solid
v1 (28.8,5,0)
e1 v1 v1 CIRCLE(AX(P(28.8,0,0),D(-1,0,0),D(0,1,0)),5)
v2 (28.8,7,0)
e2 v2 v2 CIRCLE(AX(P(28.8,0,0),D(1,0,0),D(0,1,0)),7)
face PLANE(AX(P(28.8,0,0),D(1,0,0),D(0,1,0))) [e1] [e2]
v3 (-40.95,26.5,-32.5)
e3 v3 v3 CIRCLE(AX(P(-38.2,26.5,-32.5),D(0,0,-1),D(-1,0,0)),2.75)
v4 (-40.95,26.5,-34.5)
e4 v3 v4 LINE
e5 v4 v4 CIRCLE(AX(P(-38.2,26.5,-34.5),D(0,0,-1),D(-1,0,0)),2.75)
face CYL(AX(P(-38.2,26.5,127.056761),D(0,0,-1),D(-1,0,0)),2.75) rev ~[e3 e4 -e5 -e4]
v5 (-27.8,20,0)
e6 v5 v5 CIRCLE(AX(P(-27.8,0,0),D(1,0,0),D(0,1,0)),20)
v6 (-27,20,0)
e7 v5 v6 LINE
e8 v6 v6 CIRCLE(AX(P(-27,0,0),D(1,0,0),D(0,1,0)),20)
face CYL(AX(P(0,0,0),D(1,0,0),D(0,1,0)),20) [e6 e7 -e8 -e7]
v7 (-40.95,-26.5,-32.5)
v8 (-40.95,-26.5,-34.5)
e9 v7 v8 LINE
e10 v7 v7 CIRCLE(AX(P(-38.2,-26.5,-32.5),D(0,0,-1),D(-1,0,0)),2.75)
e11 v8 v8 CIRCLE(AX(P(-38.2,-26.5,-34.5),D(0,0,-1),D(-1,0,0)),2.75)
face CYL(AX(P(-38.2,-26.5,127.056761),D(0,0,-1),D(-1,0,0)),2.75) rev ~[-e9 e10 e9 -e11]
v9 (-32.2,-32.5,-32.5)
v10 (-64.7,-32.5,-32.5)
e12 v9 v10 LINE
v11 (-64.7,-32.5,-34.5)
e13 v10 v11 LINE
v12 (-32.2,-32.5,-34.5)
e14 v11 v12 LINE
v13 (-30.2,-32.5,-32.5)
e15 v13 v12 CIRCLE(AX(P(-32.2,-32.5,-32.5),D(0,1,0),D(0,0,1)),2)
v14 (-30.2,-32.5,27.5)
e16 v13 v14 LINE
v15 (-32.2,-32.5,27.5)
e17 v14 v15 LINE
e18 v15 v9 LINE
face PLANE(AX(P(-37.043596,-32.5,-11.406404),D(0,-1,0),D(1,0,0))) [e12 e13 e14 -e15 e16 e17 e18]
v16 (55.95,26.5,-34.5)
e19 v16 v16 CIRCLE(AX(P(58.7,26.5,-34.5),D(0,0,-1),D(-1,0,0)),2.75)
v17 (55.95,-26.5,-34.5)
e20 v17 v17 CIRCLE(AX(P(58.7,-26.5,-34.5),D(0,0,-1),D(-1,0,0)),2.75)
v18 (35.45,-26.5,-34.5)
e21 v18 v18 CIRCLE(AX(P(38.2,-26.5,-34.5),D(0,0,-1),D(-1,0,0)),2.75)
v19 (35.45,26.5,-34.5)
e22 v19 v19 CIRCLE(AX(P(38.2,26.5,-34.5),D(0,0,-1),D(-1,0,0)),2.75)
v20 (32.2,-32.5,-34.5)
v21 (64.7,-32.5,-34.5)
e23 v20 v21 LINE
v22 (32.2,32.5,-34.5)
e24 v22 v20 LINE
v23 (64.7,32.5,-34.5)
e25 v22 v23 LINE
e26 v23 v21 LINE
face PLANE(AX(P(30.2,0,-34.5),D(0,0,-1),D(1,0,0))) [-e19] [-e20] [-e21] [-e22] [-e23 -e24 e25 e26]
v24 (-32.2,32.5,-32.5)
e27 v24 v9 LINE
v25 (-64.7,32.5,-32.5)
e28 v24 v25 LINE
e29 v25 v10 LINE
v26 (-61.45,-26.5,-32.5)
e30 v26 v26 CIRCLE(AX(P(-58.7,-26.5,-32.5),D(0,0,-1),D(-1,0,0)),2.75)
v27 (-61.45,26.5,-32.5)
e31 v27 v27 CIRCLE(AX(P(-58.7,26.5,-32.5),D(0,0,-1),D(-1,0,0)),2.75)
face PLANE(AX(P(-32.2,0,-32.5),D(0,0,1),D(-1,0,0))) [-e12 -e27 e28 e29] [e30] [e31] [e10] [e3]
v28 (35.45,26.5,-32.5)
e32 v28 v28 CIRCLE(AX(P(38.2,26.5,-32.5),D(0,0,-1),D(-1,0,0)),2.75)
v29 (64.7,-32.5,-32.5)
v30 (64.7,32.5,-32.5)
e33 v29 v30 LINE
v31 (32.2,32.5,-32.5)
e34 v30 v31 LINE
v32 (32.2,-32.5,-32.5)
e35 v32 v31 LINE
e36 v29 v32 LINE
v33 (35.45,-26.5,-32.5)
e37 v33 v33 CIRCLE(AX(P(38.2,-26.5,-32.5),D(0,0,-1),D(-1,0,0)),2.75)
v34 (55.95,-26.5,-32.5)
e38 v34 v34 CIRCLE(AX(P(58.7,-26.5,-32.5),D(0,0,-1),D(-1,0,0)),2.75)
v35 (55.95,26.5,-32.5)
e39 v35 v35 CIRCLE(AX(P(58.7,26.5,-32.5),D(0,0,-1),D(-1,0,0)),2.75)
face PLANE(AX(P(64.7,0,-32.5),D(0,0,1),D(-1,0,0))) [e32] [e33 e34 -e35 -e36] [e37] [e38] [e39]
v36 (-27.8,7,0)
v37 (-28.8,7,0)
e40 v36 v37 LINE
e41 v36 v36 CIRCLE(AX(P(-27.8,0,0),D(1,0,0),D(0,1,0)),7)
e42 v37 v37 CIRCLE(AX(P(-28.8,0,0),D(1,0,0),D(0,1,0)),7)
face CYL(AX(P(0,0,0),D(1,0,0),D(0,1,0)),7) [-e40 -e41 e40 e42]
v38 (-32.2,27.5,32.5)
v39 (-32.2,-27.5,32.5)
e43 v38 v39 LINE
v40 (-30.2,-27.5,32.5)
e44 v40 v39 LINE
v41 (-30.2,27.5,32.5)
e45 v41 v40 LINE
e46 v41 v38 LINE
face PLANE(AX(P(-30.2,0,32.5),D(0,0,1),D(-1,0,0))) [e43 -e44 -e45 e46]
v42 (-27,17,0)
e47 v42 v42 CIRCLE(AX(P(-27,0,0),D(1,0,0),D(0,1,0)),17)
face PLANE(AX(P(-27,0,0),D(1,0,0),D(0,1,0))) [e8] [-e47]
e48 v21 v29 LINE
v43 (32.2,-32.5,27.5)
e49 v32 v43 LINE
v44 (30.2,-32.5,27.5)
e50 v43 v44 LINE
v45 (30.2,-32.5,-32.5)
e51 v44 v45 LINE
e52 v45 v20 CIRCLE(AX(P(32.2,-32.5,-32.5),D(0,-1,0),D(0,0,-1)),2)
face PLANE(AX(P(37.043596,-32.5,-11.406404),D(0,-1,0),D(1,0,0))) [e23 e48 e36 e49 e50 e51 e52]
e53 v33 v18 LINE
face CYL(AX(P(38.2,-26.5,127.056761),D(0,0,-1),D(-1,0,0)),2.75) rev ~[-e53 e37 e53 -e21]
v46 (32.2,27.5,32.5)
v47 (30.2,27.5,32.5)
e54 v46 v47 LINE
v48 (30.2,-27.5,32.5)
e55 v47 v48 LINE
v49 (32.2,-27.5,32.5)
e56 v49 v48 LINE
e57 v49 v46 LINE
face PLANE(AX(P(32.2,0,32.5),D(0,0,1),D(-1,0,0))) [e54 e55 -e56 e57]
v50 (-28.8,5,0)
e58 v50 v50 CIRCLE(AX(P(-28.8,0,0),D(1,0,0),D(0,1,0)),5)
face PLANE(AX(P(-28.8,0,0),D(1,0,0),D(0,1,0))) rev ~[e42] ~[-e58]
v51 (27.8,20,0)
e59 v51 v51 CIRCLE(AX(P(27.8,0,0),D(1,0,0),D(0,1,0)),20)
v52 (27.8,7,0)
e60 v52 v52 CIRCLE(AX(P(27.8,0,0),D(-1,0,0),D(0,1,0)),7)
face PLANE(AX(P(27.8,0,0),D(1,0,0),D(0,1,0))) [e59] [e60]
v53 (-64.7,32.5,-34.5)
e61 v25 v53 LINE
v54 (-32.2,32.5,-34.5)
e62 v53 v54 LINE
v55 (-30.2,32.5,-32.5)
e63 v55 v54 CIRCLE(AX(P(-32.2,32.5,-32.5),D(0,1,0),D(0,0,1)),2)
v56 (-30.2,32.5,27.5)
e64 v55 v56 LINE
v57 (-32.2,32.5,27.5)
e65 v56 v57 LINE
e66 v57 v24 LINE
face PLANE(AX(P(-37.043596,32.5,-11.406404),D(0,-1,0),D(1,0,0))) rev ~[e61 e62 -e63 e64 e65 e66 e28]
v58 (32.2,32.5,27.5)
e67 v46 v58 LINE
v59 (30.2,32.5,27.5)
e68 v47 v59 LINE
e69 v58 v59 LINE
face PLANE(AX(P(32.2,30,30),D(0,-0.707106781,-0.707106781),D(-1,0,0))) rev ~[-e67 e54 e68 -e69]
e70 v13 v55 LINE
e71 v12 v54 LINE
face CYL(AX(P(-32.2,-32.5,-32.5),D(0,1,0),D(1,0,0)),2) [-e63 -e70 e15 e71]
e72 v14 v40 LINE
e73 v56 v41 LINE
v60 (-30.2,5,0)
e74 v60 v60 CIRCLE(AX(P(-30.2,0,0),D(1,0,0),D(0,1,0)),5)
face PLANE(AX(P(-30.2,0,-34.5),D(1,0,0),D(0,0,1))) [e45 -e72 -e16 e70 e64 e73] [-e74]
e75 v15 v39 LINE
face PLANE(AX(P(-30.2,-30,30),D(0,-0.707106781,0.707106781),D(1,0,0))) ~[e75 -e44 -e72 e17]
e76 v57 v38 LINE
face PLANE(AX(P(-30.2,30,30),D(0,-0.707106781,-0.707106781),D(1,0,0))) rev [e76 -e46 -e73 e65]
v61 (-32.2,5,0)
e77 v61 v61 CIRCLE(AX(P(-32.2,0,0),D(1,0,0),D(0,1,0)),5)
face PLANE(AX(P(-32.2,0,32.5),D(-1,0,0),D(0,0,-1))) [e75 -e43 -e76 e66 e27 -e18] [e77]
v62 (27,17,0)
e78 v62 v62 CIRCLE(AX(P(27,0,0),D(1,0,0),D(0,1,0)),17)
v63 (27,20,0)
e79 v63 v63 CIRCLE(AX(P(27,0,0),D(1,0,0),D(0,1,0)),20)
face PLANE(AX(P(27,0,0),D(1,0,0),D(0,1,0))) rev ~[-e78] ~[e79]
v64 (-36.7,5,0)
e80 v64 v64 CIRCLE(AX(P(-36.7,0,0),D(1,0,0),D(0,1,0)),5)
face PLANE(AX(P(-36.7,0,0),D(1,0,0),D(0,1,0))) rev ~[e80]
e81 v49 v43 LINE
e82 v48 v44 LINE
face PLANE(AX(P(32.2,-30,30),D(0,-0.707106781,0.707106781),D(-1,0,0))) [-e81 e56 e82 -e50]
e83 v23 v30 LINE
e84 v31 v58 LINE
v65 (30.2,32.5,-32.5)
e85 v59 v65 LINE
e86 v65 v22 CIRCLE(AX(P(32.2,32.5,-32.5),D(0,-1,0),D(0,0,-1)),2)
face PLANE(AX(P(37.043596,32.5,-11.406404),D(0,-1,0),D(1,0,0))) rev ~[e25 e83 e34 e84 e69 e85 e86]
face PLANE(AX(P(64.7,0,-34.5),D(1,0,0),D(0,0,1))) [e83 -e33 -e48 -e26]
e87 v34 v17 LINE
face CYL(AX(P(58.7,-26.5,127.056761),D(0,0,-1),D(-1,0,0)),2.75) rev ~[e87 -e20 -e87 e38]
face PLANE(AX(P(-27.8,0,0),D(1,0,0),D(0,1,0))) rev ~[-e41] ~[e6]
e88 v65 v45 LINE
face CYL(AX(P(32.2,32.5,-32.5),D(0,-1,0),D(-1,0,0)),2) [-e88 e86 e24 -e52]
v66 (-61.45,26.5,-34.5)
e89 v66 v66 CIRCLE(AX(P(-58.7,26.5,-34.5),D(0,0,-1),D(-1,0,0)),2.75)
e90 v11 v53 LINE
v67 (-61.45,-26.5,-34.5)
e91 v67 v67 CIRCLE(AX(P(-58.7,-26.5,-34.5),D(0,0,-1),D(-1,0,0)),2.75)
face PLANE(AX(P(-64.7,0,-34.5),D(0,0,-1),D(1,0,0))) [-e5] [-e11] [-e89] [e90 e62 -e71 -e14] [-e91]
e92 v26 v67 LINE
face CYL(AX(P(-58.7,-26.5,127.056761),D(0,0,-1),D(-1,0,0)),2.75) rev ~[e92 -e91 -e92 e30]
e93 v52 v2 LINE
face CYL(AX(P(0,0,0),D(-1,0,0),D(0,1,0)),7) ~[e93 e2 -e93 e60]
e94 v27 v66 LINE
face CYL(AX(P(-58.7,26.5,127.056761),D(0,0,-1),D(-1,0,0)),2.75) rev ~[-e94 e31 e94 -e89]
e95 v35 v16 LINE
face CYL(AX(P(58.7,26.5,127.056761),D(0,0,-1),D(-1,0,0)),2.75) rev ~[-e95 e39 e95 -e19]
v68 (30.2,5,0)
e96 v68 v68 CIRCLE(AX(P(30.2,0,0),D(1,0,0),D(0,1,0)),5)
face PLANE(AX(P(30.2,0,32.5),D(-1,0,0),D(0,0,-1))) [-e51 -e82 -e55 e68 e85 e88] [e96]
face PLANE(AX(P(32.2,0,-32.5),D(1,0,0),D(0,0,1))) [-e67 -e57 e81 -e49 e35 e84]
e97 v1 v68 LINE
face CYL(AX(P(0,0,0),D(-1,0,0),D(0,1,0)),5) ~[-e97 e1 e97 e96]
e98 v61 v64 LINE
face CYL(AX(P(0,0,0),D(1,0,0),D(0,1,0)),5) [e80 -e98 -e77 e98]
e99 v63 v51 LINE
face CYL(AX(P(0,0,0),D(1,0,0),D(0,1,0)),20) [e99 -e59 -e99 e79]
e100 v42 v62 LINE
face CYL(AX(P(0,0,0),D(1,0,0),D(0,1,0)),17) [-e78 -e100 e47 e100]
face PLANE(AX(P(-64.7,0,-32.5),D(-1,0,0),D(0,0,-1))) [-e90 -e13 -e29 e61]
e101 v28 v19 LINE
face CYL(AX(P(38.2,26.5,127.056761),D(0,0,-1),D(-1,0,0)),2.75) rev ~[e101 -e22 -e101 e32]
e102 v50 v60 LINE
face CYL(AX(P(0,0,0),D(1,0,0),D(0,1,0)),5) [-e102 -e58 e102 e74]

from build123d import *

# Parameters (mm, degrees)
F0_R          = 20
F1_DEPTH      = 27.8
F1_DEPTH_BACK = 27.8
F2_R          = 7
F3_DEPTH      = 28.8
F3_DEPTH_BACK = 28.8
F4_R          = 20
F4_R_2        = 17
F5_DEPTH      = 27
F5_DEPTH_BACK = 27
F6_R          = 5
F7_DEPTH      = 32.2
F7_DEPTH_BACK = 36.7
F9_DEPTH      = 32.5
F9_DEPTH_BACK = 32.5
F10_SIZE      = 5
F11_R         = 2
F13_D         = 5.5


with BuildPart() as f1:
    # F0 (on Right) → F1 (new body, two sides)
    with BuildSketch(Plane.YZ) as f1_sk:
        Circle(F0_R)
    extrude(amount=F1_DEPTH)
    extrude(f1_sk.sketch, amount=-F1_DEPTH_BACK)

    # F2 (on Right) → F3 (join, two sides)
    with BuildSketch(Plane.YZ) as f3_sk:
        Circle(F2_R)
    extrude(amount=F3_DEPTH)
    extrude(f3_sk.sketch, amount=-F3_DEPTH_BACK)

    # F4 (on Right) → F5 (cut, two sides)
    with BuildSketch(Plane.YZ) as f5_sk:
        Circle(F4_R)
        Circle(F4_R_2, mode=Mode.SUBTRACT)
    extrude(amount=-F5_DEPTH, mode=Mode.SUBTRACT)
    extrude(f5_sk.sketch, amount=F5_DEPTH_BACK, mode=Mode.SUBTRACT)

    # F6 (on Right) → F7 (join, two sides)
    with BuildSketch(Plane.YZ) as f7_sk:
        Circle(F6_R)
    extrude(amount=F7_DEPTH)
    extrude(f7_sk.sketch, amount=-F7_DEPTH_BACK)

    # F8 (on Front) → F9 (join, two sides)
    with BuildSketch(Plane.XZ) as f9_sk:
        Polygon((32.2, 32.5), (30.2, 32.5), (30.2, -34.5), (64.7, -34.5), (64.7, -32.5), (32.2, -32.5), align=None)
        Polygon((-30.2, -34.5), (-30.2, 32.5), (-32.2, 32.5), (-32.2, -32.5), (-64.7, -32.5), (-64.7, -34.5), align=None)
    extrude(amount=F9_DEPTH)
    extrude(f9_sk.sketch, amount=-F9_DEPTH_BACK)

    # F10
    f10_edges = [f1.edges().sort_by_distance(p)[0] for p in [
        (31.2, -32.5, 32.5),
        (31.2, 32.5, 32.5),
        (-31.2, -32.5, 32.5),
        (-31.2, 32.5, 32.5),
    ]]
    chamfer(f10_edges, length=F10_SIZE)

    # F11
    f11_edges = [f1.edges().sort_by_distance(p)[0] for p in [
        (30.2, 0, -34.5),
        (-30.2, 0, -34.5),
    ]]
    fillet(f11_edges, radius=F11_R)

    # F13 (through all)
    with Locations(Plane.XY.offset(-32.5)):
        with Locations((38.2, 26.5), (38.2, -26.5), (58.7, -26.5), (-38.2, -26.5), (-58.7, -26.5), (-58.7, 26.5), (-38.2, 26.5), (58.7, 26.5)):
            Hole(F13_D / 2)


solid = f1.part
